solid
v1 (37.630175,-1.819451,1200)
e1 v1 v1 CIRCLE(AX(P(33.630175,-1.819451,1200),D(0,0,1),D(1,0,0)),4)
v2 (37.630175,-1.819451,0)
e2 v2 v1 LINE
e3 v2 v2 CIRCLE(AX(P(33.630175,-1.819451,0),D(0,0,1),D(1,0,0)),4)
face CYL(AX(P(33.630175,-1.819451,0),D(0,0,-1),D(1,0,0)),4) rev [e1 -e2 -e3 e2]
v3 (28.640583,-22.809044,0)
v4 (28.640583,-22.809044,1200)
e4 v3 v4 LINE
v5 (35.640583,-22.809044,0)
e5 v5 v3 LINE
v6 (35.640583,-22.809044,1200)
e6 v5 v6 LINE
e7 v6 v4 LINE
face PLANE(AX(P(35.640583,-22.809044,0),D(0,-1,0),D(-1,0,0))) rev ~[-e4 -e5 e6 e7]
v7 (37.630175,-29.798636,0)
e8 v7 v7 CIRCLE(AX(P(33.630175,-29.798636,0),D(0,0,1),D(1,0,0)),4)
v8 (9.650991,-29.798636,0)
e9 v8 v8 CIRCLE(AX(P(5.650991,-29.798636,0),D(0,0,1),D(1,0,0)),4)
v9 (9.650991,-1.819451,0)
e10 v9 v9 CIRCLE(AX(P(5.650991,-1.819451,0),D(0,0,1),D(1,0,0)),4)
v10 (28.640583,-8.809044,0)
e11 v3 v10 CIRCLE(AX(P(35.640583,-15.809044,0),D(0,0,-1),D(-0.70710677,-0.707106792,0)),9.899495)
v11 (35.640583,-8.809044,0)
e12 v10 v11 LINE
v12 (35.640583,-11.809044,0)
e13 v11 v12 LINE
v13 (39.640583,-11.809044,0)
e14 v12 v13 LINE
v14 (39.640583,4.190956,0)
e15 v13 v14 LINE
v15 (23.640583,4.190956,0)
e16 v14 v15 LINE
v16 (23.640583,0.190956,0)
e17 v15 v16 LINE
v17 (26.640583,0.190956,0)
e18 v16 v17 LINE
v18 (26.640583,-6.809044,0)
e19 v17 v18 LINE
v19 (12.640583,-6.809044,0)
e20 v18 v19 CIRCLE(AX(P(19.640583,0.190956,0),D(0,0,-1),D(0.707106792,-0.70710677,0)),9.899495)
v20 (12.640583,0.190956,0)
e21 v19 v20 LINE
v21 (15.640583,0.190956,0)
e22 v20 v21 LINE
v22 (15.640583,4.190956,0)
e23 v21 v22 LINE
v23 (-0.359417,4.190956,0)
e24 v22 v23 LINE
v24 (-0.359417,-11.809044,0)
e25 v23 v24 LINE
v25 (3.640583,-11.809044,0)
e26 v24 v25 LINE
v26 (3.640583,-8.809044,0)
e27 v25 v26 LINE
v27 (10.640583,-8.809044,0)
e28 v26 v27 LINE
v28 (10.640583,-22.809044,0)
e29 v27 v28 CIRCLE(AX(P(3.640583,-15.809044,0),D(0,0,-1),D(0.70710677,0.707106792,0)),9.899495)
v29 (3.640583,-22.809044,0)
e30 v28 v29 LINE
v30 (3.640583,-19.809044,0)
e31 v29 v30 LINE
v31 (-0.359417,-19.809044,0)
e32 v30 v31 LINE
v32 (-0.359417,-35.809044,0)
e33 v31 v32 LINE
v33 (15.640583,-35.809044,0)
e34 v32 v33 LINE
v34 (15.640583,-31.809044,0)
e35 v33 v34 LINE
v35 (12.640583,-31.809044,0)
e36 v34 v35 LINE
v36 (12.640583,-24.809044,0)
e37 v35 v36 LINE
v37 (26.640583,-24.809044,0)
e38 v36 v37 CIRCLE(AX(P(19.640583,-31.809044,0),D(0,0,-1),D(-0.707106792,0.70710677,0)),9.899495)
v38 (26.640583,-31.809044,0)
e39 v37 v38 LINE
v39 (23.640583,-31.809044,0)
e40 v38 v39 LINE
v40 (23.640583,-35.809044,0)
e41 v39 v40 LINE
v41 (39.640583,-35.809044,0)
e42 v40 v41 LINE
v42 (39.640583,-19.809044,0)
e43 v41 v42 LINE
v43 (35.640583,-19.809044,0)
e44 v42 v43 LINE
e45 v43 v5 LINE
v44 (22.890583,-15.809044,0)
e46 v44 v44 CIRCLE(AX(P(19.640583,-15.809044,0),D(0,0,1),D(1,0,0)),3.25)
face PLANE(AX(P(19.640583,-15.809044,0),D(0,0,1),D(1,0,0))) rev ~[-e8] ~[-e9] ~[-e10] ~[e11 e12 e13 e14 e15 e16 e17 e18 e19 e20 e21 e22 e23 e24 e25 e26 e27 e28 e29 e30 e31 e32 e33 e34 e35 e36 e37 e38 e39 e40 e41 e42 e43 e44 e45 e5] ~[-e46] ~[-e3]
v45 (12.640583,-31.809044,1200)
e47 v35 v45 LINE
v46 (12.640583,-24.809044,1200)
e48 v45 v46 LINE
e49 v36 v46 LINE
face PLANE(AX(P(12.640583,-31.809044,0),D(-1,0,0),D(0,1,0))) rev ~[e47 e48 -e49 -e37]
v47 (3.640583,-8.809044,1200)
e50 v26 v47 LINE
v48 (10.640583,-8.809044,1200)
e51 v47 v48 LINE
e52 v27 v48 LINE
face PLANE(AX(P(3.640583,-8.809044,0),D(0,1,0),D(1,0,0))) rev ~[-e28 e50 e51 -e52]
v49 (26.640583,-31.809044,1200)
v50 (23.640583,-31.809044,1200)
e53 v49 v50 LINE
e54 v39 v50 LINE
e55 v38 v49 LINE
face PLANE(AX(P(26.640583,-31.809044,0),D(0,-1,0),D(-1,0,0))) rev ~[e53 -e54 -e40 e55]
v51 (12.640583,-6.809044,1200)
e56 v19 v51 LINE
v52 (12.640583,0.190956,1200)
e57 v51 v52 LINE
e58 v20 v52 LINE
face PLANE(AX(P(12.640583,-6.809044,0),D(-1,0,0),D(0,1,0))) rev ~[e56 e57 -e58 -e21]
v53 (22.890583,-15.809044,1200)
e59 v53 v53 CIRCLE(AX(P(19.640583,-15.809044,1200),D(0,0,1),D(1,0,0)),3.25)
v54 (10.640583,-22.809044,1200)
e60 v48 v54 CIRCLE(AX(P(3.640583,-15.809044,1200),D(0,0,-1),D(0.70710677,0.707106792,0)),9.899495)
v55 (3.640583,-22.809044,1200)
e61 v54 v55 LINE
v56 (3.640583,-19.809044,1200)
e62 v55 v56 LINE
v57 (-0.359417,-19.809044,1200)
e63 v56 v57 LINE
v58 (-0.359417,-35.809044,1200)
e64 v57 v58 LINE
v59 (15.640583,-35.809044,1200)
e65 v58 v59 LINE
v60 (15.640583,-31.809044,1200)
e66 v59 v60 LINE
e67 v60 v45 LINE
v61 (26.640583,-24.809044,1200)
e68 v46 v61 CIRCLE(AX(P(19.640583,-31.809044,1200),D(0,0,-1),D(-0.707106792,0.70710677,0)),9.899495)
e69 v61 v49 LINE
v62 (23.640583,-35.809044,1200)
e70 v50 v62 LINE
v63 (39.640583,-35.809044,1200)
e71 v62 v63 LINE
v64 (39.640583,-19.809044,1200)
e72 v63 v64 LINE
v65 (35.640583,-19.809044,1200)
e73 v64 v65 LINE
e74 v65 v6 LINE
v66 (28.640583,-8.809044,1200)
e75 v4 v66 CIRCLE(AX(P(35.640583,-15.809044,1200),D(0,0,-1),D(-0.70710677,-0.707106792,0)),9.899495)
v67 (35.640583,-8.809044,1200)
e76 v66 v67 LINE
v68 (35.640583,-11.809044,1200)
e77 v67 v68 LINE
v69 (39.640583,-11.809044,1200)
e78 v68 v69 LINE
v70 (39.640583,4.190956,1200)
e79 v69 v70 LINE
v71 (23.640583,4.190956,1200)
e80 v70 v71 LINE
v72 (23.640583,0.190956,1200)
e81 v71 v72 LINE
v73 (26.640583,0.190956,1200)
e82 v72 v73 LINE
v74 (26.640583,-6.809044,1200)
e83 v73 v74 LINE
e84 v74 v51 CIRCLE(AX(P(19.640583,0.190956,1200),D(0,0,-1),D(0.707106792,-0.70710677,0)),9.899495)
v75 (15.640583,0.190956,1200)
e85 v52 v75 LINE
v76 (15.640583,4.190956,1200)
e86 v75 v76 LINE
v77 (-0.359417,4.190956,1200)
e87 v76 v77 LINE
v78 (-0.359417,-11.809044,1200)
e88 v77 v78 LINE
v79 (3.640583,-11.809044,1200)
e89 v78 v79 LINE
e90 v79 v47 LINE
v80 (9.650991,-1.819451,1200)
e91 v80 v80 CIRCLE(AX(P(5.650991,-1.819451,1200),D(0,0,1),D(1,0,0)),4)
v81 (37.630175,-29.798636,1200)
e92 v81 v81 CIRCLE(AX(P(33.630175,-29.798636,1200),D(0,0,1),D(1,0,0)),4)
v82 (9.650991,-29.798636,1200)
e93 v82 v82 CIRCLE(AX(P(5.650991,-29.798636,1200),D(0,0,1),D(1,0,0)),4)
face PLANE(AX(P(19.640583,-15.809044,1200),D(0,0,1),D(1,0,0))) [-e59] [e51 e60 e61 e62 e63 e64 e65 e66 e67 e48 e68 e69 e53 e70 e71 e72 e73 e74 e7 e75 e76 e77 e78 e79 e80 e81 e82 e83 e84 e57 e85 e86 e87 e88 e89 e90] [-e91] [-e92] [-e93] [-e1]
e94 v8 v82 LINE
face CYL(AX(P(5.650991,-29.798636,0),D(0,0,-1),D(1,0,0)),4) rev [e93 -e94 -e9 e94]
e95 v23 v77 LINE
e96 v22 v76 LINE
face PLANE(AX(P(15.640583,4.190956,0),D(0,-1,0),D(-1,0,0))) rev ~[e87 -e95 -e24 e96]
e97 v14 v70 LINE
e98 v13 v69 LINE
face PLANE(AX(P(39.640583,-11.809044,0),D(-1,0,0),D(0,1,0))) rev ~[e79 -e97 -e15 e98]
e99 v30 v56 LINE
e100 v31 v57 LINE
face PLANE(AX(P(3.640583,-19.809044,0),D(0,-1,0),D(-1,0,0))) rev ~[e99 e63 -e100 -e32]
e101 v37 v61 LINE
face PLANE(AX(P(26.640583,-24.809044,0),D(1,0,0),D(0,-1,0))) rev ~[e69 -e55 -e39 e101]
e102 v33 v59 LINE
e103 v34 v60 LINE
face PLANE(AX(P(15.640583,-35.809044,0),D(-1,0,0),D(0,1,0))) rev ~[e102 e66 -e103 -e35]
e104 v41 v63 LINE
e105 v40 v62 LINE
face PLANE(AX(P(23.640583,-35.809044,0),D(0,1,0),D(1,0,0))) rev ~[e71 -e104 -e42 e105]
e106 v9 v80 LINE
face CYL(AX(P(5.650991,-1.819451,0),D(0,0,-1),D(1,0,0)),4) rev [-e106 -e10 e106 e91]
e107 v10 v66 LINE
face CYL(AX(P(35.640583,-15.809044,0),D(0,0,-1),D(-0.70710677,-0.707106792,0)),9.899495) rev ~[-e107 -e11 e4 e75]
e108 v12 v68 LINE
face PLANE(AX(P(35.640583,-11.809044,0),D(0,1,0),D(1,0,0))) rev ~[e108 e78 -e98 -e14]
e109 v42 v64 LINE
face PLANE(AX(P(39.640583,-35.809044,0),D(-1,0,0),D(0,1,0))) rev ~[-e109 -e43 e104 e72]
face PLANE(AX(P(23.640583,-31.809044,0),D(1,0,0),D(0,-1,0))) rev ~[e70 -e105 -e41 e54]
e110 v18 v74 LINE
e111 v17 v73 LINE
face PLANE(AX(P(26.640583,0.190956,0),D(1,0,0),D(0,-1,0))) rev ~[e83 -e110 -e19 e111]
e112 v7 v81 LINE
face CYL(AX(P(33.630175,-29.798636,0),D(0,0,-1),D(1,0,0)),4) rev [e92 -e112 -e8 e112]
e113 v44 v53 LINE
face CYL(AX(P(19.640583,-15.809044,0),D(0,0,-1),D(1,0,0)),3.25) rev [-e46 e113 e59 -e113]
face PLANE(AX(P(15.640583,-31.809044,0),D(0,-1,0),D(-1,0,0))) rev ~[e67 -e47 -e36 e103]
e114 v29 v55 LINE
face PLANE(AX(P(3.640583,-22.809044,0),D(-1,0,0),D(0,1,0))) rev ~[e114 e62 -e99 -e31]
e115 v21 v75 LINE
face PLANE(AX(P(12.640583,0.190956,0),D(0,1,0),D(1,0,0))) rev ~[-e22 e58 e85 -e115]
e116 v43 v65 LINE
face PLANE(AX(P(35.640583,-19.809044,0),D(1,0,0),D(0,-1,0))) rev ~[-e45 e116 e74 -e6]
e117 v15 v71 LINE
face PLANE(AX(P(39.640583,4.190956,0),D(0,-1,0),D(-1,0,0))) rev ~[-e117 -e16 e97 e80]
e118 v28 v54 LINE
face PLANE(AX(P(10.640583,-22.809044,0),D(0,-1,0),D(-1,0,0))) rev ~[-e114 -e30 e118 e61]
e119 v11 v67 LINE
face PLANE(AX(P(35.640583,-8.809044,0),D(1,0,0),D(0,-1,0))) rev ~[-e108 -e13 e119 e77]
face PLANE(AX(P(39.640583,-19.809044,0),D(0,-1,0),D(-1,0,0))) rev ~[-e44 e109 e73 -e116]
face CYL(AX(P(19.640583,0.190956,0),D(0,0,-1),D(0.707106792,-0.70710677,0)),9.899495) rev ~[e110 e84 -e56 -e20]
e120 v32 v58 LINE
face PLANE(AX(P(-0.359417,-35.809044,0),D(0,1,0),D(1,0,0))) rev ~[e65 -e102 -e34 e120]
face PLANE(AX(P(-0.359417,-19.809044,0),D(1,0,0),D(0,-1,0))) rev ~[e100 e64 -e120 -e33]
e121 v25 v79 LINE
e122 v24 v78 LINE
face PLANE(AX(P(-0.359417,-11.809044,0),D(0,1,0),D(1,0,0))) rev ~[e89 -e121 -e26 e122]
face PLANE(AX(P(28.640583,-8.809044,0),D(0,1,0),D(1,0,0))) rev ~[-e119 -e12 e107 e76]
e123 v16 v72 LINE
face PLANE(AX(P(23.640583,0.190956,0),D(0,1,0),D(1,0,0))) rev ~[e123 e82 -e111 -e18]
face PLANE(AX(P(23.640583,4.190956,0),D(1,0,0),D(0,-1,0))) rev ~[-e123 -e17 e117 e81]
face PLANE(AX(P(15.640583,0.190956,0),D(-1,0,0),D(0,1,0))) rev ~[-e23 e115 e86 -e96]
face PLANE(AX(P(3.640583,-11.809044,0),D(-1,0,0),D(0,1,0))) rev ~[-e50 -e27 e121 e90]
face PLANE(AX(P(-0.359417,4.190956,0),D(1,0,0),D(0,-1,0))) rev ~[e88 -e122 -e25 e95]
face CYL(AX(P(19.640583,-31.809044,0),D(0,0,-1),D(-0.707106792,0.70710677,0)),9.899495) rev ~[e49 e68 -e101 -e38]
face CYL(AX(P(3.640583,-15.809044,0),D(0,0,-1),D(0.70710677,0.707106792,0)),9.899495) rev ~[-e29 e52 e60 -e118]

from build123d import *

# Parameters (mm, degrees)
F0_R     = 4
F0_R_2   = 3.25
F1_DEPTH = 1200


with BuildPart() as f1:
    # F0 (on Top) → F1 (new body)
    with BuildSketch(Plane.XY):
        with BuildLine():
            Line((15.640583, 4.190956), (-0.359417, 4.190956))
            Line((-0.359417, 4.190956), (-0.359417, -11.809044))
            Line((-0.359417, -11.809044), (3.640583, -11.809044))
            Line((3.640583, -11.809044), (3.640583, -8.809044))
            Line((3.640583, -8.809044), (10.640583, -8.809044))
            ThreePointArc((10.640583, -8.809044), (13.540078, -15.809044), (10.640583, -22.809044))
            Line((10.640583, -22.809044), (3.640583, -22.809044))
            Line((3.640583, -22.809044), (3.640583, -19.809044))
            Line((3.640583, -19.809044), (-0.359417, -19.809044))
            Line((-0.359417, -19.809044), (-0.359417, -35.809044))
            Line((-0.359417, -35.809044), (15.640583, -35.809044))
            Line((15.640583, -35.809044), (15.640583, -31.809044))
            Line((15.640583, -31.809044), (12.640583, -31.809044))
            Line((12.640583, -31.809044), (12.640583, -24.809044))
            ThreePointArc((12.640583, -24.809044), (19.640583, -21.909549), (26.640583, -24.809044))
            Line((26.640583, -24.809044), (26.640583, -31.809044))
            Line((26.640583, -31.809044), (23.640583, -31.809044))
            Line((23.640583, -31.809044), (23.640583, -35.809044))
            Line((23.640583, -35.809044), (39.640583, -35.809044))
            Line((39.640583, -35.809044), (39.640583, -19.809044))
            Line((39.640583, -19.809044), (35.640583, -19.809044))
            Line((35.640583, -19.809044), (35.640583, -22.809044))
            Line((35.640583, -22.809044), (28.640583, -22.809044))
            ThreePointArc((28.640583, -22.809044), (25.741088, -15.809044), (28.640583, -8.809044))
            Line((28.640583, -8.809044), (35.640583, -8.809044))
            Line((35.640583, -8.809044), (35.640583, -11.809044))
            Line((35.640583, -11.809044), (39.640583, -11.809044))
            Line((39.640583, -11.809044), (39.640583, 4.190956))
            Line((39.640583, 4.190956), (23.640583, 4.190956))
            Line((23.640583, 4.190956), (23.640583, 0.190956))
            Line((23.640583, 0.190956), (26.640583, 0.190956))
            Line((26.640583, 0.190956), (26.640583, -6.809044))
            ThreePointArc((26.640583, -6.809044), (19.640583, -9.708539), (12.640583, -6.809044))
            Line((12.640583, -6.809044), (12.640583, 0.190956))
            Line((12.640583, 0.190956), (15.640583, 0.190956))
            Line((15.640583, 0.190956), (15.640583, 4.190956))
        make_face()
        with Locations((5.650991, -29.798636)):
            Circle(F0_R, mode=Mode.SUBTRACT)
        with Locations((33.630175, -29.798636)):
            Circle(F0_R, mode=Mode.SUBTRACT)
        with Locations((5.650991, -1.819451)):
            Circle(F0_R, mode=Mode.SUBTRACT)
        with Locations((19.640583, -15.809044)):
            Circle(F0_R_2, mode=Mode.SUBTRACT)
        with Locations((33.630175, -1.819451)):
            Circle(F0_R, mode=Mode.SUBTRACT)
    extrude(amount=F1_DEPTH)


solid = f1.part
